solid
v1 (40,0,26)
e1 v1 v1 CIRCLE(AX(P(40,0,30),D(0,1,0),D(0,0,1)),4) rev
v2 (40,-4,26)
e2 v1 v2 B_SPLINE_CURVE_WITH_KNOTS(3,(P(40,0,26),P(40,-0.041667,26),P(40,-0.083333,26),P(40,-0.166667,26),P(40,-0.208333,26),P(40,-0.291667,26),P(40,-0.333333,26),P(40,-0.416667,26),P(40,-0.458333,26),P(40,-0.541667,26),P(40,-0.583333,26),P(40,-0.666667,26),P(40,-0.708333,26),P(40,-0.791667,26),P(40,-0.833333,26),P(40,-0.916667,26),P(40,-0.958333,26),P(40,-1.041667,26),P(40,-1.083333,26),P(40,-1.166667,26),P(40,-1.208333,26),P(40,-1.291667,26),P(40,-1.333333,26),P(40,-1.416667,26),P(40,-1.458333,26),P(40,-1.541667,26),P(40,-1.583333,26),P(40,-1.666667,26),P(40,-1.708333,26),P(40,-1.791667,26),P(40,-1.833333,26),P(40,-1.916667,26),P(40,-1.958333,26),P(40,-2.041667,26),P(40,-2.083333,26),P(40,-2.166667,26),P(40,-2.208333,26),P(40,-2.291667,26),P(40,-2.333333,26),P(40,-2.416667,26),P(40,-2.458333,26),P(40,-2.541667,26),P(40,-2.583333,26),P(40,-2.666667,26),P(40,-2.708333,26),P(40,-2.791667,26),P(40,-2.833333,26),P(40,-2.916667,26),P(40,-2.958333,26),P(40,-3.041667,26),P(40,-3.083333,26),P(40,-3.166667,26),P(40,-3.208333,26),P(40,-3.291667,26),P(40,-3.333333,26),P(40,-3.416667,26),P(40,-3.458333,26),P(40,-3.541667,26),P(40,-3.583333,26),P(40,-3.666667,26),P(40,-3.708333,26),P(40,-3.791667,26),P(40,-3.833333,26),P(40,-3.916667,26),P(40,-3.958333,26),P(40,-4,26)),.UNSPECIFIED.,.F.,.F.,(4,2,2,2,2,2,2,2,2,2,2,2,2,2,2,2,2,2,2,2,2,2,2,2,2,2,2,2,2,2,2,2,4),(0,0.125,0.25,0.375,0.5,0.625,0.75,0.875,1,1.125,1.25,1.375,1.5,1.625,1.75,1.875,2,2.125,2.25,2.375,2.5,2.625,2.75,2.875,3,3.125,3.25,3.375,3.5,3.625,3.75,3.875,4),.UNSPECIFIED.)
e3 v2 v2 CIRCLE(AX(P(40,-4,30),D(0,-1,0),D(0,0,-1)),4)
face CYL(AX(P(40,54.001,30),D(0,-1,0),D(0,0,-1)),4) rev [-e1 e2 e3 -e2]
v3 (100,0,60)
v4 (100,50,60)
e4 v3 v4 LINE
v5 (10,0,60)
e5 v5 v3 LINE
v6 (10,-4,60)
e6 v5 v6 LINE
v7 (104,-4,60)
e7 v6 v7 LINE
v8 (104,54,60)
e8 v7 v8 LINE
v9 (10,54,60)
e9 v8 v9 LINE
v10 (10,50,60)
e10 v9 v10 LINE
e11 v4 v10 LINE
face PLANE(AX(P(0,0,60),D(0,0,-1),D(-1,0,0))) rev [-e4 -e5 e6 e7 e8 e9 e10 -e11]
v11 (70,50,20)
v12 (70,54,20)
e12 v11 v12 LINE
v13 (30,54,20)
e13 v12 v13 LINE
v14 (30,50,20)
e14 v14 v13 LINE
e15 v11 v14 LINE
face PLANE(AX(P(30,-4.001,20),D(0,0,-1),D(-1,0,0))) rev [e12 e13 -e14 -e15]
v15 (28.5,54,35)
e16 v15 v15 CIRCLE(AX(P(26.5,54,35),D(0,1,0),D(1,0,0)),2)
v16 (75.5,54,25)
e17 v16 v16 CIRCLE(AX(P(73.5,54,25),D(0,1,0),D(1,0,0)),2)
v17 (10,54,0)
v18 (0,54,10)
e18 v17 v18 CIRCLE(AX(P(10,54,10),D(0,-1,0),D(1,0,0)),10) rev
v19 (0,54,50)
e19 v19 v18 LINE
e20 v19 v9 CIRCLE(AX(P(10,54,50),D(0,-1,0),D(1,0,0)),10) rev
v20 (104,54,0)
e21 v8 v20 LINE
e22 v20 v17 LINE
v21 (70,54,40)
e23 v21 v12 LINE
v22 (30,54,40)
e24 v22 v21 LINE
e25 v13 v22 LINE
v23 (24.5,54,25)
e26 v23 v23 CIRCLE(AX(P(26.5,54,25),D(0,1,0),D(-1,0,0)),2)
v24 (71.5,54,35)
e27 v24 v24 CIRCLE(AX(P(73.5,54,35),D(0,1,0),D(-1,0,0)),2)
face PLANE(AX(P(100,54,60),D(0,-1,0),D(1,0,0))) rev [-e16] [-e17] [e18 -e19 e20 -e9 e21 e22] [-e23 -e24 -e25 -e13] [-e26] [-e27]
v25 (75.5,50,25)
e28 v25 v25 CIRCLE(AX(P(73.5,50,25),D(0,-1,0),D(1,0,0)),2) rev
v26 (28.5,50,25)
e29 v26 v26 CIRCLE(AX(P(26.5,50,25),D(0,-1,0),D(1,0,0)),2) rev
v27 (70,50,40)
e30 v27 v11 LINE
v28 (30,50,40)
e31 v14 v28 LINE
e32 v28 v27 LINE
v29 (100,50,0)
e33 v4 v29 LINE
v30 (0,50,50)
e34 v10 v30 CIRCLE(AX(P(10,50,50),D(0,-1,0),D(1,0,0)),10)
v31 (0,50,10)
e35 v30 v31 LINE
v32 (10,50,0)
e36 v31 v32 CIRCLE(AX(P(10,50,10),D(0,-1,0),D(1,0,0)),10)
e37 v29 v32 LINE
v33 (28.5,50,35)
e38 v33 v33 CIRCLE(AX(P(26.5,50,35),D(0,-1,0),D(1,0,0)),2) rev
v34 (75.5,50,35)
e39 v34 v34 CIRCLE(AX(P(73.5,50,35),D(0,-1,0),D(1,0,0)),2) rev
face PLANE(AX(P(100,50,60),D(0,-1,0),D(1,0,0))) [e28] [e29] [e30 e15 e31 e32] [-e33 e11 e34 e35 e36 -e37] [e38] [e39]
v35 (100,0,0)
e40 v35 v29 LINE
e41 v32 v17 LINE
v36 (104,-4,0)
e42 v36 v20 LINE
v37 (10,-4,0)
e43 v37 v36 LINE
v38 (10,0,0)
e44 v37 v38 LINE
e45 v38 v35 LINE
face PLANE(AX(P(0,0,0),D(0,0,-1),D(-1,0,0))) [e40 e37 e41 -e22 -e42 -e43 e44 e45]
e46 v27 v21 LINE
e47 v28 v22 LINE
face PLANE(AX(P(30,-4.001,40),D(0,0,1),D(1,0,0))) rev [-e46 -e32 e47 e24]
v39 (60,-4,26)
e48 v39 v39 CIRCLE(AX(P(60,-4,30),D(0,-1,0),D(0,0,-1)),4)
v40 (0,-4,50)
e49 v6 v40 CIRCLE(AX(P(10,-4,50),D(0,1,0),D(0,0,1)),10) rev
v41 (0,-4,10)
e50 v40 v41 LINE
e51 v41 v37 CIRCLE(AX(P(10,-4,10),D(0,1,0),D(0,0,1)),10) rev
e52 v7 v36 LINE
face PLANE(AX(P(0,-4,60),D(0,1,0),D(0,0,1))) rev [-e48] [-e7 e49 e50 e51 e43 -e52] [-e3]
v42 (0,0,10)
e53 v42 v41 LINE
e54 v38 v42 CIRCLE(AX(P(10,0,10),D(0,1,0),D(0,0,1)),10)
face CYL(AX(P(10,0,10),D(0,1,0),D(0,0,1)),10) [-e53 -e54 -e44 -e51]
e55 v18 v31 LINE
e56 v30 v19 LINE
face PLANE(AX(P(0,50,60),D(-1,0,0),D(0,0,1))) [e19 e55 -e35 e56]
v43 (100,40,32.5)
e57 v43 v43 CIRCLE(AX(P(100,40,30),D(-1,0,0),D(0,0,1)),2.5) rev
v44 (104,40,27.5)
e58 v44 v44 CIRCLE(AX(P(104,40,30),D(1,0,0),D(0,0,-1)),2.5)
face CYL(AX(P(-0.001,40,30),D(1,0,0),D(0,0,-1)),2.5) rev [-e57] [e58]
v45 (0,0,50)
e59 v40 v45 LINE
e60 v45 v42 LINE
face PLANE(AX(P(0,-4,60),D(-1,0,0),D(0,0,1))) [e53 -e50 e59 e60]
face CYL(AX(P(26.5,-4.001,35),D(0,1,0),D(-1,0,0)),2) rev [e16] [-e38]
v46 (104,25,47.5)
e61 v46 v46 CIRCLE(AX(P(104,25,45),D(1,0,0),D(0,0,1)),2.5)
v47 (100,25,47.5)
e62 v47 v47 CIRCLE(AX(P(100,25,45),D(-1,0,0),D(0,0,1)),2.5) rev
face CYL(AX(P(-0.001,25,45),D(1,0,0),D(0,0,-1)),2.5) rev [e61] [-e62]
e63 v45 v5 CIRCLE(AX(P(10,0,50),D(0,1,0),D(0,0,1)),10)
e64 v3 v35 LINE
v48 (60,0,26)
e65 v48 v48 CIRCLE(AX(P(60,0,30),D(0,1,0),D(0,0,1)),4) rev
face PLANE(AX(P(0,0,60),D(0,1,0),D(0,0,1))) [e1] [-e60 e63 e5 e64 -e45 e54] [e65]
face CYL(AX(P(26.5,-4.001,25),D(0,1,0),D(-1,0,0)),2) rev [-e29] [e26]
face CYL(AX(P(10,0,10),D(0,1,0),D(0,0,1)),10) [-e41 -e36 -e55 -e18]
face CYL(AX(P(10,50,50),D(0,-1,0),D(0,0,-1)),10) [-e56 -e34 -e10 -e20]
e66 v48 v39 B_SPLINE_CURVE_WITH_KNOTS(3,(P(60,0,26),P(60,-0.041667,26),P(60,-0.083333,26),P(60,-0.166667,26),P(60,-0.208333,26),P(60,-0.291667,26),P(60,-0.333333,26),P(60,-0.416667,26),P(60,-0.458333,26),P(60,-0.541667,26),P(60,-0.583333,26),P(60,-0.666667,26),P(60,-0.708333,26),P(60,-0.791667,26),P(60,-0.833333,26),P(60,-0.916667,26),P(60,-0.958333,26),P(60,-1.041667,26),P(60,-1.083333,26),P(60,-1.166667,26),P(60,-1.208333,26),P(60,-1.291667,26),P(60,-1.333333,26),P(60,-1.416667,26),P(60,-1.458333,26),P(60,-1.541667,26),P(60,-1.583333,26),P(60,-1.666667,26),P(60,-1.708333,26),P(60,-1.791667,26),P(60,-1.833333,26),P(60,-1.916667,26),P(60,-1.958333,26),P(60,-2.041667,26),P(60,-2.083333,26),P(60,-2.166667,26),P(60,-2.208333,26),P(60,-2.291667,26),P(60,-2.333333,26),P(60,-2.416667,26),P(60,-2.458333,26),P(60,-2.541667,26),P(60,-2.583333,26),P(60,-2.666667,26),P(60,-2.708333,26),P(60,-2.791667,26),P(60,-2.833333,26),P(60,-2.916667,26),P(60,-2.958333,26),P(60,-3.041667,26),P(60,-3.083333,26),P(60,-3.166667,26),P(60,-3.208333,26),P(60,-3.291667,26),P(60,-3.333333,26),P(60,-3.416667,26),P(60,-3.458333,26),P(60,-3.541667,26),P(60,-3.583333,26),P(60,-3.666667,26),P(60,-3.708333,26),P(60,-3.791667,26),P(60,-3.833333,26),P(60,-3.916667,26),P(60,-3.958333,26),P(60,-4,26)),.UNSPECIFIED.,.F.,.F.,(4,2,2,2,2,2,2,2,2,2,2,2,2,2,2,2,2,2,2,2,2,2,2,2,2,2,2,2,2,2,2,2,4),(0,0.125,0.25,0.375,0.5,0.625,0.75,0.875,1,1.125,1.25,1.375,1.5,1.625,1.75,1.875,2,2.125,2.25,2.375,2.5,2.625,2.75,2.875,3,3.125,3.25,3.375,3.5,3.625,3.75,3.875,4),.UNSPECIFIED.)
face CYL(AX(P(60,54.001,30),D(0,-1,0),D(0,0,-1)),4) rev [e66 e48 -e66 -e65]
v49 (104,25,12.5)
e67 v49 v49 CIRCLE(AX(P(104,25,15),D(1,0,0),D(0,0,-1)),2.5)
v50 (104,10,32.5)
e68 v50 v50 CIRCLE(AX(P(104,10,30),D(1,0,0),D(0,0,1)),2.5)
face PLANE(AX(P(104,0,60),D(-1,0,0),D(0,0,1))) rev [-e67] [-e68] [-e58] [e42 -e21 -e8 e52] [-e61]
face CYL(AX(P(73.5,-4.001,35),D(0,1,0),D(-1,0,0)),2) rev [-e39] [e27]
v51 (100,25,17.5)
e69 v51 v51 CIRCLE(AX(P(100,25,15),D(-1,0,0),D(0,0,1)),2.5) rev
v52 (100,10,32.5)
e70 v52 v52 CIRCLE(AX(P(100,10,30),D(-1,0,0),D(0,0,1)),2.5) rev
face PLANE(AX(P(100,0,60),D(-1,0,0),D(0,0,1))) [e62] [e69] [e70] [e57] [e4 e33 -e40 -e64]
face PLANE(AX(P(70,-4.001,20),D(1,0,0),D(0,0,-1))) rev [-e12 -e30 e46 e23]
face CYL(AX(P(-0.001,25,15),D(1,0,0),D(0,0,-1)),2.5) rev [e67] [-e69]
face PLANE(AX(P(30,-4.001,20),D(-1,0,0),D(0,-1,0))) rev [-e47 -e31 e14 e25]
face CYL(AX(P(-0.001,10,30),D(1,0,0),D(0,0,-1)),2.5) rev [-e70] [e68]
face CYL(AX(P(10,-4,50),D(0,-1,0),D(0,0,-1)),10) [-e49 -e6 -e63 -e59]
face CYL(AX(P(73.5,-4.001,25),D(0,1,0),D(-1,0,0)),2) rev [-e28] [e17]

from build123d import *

# Parameters (mm, degrees)
EKSTR_ZYON_NCE1_DEPTH = 60
RADYUS1_R             = 10
KES_EKSTR_ZYON3_REACH = 133.651
IZIM3_R               = 2.5
KES_EKSTR_ZYON4_REACH = 135.342
IZIM4_R               = 2
IZIM4_W               = 40
IZIM4_H               = 20
KES_EKSTR_ZYON5_REACH = 135.342
IZIM5_R               = 4


with BuildPart() as part:
    # Çizim1 → Ekstrüzyon-İnce1 (new body)
    with BuildSketch(Plane.XY):
        Polygon((0, 0), (100, 0), (100, 50), (0, 50), (0, 54), (104, 54), (104, -4), (0, -4), align=None)
    extrude(amount=EKSTR_ZYON_NCE1_DEPTH)

    # Radyus1
    radyus1_edges = [part.edges().sort_by_distance(p)[0] for p in [
        (0, -2, 60),
        (0, 52, 60),
        (0, -2, 0),
        (0, 52, 0),
    ]]
    fillet(radyus1_edges, radius=RADYUS1_R)

    # Çizim3 → Kes-Ekstrüzyon3 (cut, up to next)
    with BuildSketch(Plane(origin=(104, 0, 0), x_dir=(0, 0, -1), z_dir=(1, 0, 0)), mode=Mode.PRIVATE) as kes_ekstr_zyon3_sk1:
        with Locations((-30, 40)):
            Circle(IZIM3_R)
    kes_ekstr_zyon3_tool1 = extrude(kes_ekstr_zyon3_sk1.sketch, amount=-KES_EKSTR_ZYON3_REACH, mode=Mode.PRIVATE) & part.part
    # Çizim3 → Kes-Ekstrüzyon3 (cut, up to next)
    with BuildSketch(Plane(origin=(104, 0, 0), x_dir=(0, 0, -1), z_dir=(1, 0, 0)), mode=Mode.PRIVATE) as kes_ekstr_zyon3_sk2:
        with Locations(Location((-30, 10, 0), (0, 0, 180))):
            Circle(IZIM3_R)
    kes_ekstr_zyon3_tool2 = extrude(kes_ekstr_zyon3_sk2.sketch, amount=-KES_EKSTR_ZYON3_REACH, mode=Mode.PRIVATE) & part.part
    # Çizim3 → Kes-Ekstrüzyon3 (cut, up to next)
    with BuildSketch(Plane(origin=(104, 0, 0), x_dir=(0, 0, -1), z_dir=(1, 0, 0)), mode=Mode.PRIVATE) as kes_ekstr_zyon3_sk3:
        with Locations((-15, 25)):
            Circle(IZIM3_R)
    kes_ekstr_zyon3_tool3 = extrude(kes_ekstr_zyon3_sk3.sketch, amount=-KES_EKSTR_ZYON3_REACH, mode=Mode.PRIVATE) & part.part
    # Çizim3 → Kes-Ekstrüzyon3 (cut, up to next)
    with BuildSketch(Plane(origin=(104, 0, 0), x_dir=(0, 0, -1), z_dir=(1, 0, 0)), mode=Mode.PRIVATE) as kes_ekstr_zyon3_sk4:
        with Locations(Location((-45, 25, 0), (0, 0, 180))):
            Circle(IZIM3_R)
    kes_ekstr_zyon3_tool4 = extrude(kes_ekstr_zyon3_sk4.sketch, amount=-KES_EKSTR_ZYON3_REACH, mode=Mode.PRIVATE) & part.part
    add(kes_ekstr_zyon3_tool1.solids().sort_by_distance((104, 40, 30))[0], mode=Mode.SUBTRACT)
    add(kes_ekstr_zyon3_tool2.solids().sort_by_distance((104, 10, 30))[0], mode=Mode.SUBTRACT)
    add(kes_ekstr_zyon3_tool3.solids().sort_by_distance((104, 25, 15))[0], mode=Mode.SUBTRACT)
    add(kes_ekstr_zyon3_tool4.solids().sort_by_distance((104, 25, 45))[0], mode=Mode.SUBTRACT)

    # Çizim4 → Kes-Ekstrüzyon4 (cut, up to next)
    with BuildSketch(Plane(origin=(0, 54, 0), x_dir=(1, 0, 0), z_dir=(0, 1, 0)), mode=Mode.PRIVATE) as kes_ekstr_zyon4_sk1:
        with Locations(Location((26.5, -25, 0), (0, 0, 180))):
            Circle(IZIM4_R)
    kes_ekstr_zyon4_tool1 = extrude(kes_ekstr_zyon4_sk1.sketch, amount=-KES_EKSTR_ZYON4_REACH, mode=Mode.PRIVATE) & part.part
    # Çizim4 → Kes-Ekstrüzyon4 (cut, up to next)
    with BuildSketch(Plane(origin=(0, 54, 0), x_dir=(1, 0, 0), z_dir=(0, 1, 0)), mode=Mode.PRIVATE) as kes_ekstr_zyon4_sk2:
        with Locations((26.5, -35)):
            Circle(IZIM4_R)
    kes_ekstr_zyon4_tool2 = extrude(kes_ekstr_zyon4_sk2.sketch, amount=-KES_EKSTR_ZYON4_REACH, mode=Mode.PRIVATE) & part.part
    # Çizim4 → Kes-Ekstrüzyon4 (cut, up to next)
    with BuildSketch(Plane(origin=(0, 54, 0), x_dir=(1, 0, 0), z_dir=(0, 1, 0)), mode=Mode.PRIVATE) as kes_ekstr_zyon4_sk3:
        with Locations(Location((73.5, -35, 0), (0, 0, 180))):
            Circle(IZIM4_R)
    kes_ekstr_zyon4_tool3 = extrude(kes_ekstr_zyon4_sk3.sketch, amount=-KES_EKSTR_ZYON4_REACH, mode=Mode.PRIVATE) & part.part
    # Çizim4 → Kes-Ekstrüzyon4 (cut, up to next)
    with BuildSketch(Plane(origin=(0, 54, 0), x_dir=(1, 0, 0), z_dir=(0, 1, 0)), mode=Mode.PRIVATE) as kes_ekstr_zyon4_sk4:
        with Locations((73.5, -25)):
            Circle(IZIM4_R)
    kes_ekstr_zyon4_tool4 = extrude(kes_ekstr_zyon4_sk4.sketch, amount=-KES_EKSTR_ZYON4_REACH, mode=Mode.PRIVATE) & part.part
    # Çizim4 → Kes-Ekstrüzyon4 (cut, up to next)
    with BuildSketch(Plane(origin=(0, 54, 0), x_dir=(1, 0, 0), z_dir=(0, 1, 0)), mode=Mode.PRIVATE) as kes_ekstr_zyon4_sk5:
        with Locations((50, -30)):
            Rectangle(IZIM4_W, IZIM4_H)
    kes_ekstr_zyon4_tool5 = extrude(kes_ekstr_zyon4_sk5.sketch, amount=-KES_EKSTR_ZYON4_REACH, mode=Mode.PRIVATE) & part.part
    add(kes_ekstr_zyon4_tool1.solids().sort_by_distance((26.5, 54, 25))[0], mode=Mode.SUBTRACT)
    add(kes_ekstr_zyon4_tool2.solids().sort_by_distance((26.5, 54, 35))[0], mode=Mode.SUBTRACT)
    add(kes_ekstr_zyon4_tool3.solids().sort_by_distance((73.5, 54, 35))[0], mode=Mode.SUBTRACT)
    add(kes_ekstr_zyon4_tool4.solids().sort_by_distance((73.5, 54, 25))[0], mode=Mode.SUBTRACT)
    add(kes_ekstr_zyon4_tool5.solids().sort_by_distance((50, 54, 30))[0], mode=Mode.SUBTRACT)

    # Çizim5 → Kes-Ekstrüzyon5 (cut, up to next)
    with BuildSketch(Plane.XZ.offset(4), mode=Mode.PRIVATE) as kes_ekstr_zyon5_sk1:
        with Locations(Location((40, 30, 0), (0, 0, 270))):
            Circle(IZIM5_R)
    kes_ekstr_zyon5_tool1 = extrude(kes_ekstr_zyon5_sk1.sketch, amount=-KES_EKSTR_ZYON5_REACH, mode=Mode.PRIVATE) & part.part
    # Çizim5 → Kes-Ekstrüzyon5 (cut, up to next)
    with BuildSketch(Plane.XZ.offset(4), mode=Mode.PRIVATE) as kes_ekstr_zyon5_sk2:
        with Locations(Location((60, 30, 0), (0, 0, 270))):
            Circle(IZIM5_R)
    kes_ekstr_zyon5_tool2 = extrude(kes_ekstr_zyon5_sk2.sketch, amount=-KES_EKSTR_ZYON5_REACH, mode=Mode.PRIVATE) & part.part
    add(kes_ekstr_zyon5_tool1.solids().sort_by_distance((40, -4, 30))[0], mode=Mode.SUBTRACT)
    add(kes_ekstr_zyon5_tool2.solids().sort_by_distance((60, -4, 30))[0], mode=Mode.SUBTRACT)


solid = part.part
